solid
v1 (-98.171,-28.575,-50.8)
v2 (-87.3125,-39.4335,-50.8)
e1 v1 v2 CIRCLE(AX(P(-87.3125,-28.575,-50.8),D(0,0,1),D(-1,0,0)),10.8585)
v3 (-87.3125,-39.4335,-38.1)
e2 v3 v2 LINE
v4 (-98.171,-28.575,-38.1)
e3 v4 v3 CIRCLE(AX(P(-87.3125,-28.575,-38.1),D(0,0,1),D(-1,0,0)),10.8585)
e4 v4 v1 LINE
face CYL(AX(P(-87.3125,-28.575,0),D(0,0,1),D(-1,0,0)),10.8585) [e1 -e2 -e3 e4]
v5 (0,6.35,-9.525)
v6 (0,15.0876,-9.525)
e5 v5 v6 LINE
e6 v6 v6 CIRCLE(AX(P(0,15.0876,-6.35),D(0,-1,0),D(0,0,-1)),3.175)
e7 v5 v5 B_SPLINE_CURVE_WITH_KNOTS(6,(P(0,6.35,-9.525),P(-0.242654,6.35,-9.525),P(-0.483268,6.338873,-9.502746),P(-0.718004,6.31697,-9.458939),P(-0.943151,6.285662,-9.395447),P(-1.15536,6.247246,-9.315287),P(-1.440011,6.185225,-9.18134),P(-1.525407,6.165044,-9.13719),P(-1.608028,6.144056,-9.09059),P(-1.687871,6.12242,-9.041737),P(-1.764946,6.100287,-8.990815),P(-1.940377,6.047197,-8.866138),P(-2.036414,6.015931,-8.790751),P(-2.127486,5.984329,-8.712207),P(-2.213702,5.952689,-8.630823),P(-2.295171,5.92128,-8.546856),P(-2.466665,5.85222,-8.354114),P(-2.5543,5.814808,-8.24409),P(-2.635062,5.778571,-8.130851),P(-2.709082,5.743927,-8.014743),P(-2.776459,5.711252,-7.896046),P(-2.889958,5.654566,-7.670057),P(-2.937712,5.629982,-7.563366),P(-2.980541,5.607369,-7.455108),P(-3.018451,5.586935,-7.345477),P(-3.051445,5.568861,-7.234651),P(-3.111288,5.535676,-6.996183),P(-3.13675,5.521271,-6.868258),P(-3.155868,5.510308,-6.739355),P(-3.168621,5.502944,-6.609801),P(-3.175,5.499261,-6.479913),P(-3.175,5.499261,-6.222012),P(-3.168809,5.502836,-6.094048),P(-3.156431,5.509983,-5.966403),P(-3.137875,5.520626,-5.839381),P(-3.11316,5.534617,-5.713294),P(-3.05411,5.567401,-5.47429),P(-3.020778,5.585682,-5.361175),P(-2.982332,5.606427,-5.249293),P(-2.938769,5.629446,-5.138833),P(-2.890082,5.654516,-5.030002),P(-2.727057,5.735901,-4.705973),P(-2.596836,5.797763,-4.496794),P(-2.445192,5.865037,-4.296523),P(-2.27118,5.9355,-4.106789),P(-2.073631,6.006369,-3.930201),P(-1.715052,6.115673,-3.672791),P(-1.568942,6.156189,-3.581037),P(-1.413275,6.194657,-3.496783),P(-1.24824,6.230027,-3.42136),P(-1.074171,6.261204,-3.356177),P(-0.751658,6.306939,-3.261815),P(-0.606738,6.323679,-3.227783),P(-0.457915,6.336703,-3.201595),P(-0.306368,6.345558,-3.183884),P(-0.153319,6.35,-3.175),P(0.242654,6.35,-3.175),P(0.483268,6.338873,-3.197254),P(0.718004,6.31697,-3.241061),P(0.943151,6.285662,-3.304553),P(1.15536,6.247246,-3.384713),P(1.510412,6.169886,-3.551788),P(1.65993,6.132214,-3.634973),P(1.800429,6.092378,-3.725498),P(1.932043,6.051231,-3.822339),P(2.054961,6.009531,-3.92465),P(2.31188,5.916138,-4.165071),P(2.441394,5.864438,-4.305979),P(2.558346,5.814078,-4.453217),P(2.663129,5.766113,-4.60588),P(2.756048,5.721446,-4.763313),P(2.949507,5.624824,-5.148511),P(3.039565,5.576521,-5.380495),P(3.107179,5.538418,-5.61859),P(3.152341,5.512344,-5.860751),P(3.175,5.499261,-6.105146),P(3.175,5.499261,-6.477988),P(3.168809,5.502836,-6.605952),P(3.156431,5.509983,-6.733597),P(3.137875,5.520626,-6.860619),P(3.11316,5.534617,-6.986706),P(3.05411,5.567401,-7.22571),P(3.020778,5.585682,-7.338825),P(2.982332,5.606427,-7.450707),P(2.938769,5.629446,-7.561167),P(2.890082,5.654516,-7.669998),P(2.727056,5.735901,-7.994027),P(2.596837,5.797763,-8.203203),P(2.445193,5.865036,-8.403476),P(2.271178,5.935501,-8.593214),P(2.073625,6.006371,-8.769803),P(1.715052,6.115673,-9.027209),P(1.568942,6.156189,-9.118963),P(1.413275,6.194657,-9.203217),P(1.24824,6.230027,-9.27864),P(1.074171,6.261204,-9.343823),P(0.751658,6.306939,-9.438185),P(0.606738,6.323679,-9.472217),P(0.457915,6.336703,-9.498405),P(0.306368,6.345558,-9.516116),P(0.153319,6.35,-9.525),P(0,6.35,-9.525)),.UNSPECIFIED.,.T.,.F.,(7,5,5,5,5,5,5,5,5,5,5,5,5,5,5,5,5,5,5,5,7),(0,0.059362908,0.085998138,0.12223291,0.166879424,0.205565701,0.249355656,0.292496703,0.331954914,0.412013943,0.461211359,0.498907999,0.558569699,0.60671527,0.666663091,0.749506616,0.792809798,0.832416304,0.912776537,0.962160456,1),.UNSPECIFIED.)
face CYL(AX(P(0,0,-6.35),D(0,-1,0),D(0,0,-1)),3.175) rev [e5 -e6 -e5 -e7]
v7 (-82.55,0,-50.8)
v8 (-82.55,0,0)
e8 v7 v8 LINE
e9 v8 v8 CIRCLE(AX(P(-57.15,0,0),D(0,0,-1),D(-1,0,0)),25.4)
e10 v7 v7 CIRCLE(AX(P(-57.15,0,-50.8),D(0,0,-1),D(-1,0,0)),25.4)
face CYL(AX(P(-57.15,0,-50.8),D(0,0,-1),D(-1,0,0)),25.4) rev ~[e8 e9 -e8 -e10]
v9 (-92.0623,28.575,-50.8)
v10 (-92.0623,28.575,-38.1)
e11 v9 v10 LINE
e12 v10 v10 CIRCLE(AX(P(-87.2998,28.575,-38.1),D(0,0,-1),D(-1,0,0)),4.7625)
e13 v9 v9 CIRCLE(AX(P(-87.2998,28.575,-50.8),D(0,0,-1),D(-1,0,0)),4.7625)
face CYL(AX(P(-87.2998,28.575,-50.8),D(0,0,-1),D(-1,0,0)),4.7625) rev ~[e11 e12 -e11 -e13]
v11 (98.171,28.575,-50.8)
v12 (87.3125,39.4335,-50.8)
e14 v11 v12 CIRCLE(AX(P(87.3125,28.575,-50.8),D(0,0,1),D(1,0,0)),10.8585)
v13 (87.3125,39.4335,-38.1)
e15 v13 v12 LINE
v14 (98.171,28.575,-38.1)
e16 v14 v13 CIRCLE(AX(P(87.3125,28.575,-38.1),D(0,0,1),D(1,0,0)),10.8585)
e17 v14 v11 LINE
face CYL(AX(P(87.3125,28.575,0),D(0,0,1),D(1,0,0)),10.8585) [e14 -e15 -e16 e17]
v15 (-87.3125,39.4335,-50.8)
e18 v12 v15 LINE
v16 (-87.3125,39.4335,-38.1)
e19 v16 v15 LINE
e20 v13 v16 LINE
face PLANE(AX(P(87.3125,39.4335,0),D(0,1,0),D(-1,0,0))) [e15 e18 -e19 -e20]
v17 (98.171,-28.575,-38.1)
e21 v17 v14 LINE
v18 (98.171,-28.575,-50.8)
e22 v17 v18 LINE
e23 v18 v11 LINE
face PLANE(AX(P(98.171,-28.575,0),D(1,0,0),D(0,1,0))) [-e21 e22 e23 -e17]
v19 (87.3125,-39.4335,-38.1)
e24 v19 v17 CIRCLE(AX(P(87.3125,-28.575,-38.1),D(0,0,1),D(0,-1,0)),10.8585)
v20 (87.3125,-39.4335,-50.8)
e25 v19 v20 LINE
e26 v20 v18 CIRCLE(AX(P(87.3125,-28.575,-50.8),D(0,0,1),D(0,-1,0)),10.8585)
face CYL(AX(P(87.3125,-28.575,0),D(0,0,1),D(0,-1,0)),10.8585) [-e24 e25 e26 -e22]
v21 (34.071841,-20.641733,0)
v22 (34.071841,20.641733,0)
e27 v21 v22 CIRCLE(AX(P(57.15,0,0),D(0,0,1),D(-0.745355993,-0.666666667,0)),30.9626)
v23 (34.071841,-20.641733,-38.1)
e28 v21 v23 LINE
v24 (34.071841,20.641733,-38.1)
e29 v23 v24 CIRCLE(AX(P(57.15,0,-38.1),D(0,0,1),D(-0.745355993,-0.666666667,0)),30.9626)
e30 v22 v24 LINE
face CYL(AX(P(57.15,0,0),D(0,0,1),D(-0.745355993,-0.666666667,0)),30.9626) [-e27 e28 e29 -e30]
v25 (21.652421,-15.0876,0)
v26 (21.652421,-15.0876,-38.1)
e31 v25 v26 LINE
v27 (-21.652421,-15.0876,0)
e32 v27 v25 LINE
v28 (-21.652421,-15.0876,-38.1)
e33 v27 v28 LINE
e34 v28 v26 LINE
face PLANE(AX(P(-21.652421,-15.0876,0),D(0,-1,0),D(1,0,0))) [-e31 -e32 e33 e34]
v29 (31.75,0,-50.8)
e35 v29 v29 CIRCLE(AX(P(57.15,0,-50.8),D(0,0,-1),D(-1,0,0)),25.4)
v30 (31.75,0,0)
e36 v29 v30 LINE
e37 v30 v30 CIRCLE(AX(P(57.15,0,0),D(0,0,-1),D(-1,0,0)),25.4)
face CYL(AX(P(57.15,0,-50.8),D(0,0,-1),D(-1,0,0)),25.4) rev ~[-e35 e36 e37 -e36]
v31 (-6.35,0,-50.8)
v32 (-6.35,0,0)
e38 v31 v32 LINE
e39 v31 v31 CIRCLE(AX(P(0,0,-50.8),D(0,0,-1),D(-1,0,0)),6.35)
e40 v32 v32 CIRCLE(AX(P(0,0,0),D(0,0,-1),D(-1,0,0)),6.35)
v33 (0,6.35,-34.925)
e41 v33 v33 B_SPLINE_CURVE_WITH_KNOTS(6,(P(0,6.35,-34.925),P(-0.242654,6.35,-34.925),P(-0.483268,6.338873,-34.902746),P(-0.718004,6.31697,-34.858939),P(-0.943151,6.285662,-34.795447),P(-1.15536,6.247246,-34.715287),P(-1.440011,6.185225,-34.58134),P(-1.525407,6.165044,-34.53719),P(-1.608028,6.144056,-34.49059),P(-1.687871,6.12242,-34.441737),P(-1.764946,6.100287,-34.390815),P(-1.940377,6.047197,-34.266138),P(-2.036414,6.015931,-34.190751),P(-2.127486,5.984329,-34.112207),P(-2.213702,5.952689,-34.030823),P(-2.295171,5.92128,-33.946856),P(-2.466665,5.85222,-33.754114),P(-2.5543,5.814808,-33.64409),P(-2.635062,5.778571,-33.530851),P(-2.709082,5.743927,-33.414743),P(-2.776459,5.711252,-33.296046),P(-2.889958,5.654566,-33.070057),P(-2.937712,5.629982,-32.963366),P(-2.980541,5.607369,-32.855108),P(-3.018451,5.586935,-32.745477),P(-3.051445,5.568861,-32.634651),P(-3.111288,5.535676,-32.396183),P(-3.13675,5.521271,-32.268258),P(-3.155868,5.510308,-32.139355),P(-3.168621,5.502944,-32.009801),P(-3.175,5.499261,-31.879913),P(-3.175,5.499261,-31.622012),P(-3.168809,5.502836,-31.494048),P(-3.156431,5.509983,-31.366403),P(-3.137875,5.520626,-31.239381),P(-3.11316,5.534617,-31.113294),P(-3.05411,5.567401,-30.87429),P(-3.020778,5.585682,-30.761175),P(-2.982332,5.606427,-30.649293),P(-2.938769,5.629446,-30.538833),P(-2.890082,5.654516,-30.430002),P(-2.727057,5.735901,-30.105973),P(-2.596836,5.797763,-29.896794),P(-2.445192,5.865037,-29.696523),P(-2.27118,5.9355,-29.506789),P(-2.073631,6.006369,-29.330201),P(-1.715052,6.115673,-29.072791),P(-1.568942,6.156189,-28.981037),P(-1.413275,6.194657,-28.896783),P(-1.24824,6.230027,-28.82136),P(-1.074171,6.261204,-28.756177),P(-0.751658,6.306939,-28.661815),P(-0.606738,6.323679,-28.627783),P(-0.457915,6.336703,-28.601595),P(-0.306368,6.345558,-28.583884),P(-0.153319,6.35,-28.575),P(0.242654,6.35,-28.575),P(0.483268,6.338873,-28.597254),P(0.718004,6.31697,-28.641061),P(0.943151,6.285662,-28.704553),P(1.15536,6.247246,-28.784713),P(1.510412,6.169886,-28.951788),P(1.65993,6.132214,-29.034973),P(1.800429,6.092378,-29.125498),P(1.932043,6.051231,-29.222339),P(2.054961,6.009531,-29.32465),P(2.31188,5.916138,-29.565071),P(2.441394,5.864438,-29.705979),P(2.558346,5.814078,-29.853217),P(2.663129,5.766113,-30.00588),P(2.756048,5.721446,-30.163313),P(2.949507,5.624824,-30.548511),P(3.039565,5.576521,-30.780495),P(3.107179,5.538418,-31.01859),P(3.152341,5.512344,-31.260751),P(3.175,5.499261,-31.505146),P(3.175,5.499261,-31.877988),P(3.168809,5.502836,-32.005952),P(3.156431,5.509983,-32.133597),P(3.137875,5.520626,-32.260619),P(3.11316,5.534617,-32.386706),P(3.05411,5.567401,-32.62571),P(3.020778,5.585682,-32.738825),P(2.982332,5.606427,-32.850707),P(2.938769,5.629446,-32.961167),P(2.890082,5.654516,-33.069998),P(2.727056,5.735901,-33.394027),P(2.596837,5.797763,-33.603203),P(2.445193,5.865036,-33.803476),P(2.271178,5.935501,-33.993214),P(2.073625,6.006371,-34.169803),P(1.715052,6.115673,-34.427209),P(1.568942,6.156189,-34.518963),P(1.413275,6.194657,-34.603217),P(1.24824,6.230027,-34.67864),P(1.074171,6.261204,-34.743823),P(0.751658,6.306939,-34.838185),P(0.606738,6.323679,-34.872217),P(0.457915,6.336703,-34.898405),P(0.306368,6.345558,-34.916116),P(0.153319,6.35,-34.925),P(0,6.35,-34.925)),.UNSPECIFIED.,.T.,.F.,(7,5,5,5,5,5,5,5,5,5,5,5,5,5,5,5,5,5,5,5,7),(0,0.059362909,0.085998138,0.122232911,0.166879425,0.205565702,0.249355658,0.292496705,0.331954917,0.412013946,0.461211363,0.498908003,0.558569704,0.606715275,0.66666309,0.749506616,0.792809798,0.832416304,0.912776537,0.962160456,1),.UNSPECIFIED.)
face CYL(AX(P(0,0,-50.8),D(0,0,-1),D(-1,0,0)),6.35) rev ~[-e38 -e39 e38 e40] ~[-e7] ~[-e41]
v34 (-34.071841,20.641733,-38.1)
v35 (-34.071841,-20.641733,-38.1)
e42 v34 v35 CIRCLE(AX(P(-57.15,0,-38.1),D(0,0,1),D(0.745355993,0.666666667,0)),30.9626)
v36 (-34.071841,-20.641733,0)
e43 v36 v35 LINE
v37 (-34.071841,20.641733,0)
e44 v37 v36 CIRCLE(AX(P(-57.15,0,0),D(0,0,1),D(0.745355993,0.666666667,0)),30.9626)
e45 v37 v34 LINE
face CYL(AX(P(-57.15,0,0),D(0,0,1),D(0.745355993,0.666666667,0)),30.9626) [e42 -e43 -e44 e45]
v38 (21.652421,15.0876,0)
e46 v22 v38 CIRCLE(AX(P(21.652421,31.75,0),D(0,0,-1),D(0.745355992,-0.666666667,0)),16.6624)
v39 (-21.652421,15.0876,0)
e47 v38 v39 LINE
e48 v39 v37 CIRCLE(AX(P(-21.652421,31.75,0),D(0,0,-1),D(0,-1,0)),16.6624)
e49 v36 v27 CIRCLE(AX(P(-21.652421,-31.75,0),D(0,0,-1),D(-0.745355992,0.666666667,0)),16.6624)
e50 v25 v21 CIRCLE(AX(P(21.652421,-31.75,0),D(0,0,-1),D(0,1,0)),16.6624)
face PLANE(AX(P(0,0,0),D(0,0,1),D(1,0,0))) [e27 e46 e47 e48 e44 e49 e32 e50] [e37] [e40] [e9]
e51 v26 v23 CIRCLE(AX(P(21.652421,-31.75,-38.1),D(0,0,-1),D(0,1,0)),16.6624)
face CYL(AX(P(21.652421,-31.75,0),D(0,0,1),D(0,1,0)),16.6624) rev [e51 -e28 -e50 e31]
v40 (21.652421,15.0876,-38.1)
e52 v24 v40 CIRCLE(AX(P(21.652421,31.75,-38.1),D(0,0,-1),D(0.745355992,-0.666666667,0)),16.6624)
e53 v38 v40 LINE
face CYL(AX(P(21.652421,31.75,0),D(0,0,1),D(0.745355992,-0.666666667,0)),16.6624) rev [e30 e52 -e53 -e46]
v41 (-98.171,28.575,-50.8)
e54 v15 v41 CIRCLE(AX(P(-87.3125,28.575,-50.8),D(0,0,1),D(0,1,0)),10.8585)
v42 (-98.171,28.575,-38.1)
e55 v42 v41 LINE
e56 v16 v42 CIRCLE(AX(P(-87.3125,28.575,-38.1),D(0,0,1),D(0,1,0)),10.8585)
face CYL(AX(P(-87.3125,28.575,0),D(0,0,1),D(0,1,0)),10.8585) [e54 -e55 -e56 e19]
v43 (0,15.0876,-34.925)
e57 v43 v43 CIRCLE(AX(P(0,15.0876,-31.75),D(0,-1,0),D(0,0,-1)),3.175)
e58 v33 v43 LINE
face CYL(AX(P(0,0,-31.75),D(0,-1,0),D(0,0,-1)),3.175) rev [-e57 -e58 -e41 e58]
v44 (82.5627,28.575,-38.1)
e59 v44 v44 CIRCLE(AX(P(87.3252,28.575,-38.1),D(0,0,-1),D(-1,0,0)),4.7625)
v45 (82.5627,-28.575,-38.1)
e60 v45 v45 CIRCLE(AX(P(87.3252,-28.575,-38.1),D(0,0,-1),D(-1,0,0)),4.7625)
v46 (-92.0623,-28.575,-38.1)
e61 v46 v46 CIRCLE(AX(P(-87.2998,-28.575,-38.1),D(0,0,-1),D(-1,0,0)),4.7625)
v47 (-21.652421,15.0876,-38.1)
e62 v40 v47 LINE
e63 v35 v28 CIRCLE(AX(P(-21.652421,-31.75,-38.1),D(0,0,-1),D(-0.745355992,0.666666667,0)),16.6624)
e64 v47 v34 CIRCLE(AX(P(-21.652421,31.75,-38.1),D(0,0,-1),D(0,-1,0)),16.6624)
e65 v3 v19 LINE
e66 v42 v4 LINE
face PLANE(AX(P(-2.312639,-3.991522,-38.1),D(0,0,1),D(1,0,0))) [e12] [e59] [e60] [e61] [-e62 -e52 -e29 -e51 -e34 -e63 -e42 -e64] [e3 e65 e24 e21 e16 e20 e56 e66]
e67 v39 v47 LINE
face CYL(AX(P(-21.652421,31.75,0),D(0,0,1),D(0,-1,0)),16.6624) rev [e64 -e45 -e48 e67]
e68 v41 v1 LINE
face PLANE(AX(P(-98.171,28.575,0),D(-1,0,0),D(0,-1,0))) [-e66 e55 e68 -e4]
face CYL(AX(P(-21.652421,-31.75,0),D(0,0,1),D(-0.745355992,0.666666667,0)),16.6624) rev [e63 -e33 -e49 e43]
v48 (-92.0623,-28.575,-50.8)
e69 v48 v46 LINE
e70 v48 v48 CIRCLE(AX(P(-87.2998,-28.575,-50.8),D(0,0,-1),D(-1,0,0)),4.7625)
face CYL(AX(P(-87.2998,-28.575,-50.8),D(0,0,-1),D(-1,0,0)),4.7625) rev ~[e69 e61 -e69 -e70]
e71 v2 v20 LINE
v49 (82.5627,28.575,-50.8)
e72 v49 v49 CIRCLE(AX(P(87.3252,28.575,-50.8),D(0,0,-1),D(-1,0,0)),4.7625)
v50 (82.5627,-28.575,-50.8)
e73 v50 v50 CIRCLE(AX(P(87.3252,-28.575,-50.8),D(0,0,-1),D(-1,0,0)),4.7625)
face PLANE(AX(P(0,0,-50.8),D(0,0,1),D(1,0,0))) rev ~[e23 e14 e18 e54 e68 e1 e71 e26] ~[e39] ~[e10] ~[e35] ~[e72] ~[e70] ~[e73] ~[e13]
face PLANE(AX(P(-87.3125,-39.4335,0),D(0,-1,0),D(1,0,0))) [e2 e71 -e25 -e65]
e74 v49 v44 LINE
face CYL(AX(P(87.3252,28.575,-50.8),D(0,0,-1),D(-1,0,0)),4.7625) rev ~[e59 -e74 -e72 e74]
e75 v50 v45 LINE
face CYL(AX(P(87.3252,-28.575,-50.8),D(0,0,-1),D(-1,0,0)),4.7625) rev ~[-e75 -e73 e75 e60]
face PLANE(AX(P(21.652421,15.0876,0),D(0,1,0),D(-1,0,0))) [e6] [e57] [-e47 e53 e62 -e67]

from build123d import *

# Parameters (mm, degrees)
BASE_EXTRUDE_DEPTH           = 50.8
BASE_EXTRUDE_DRAFT           = 3
SKETCH2_W                    = 245.218721479
SKETCH2_H                    = 134.011608982
CUT_EXTRUDE5_DEPTH           = 38.1
CUT_EXTRUDE5_DRAFT           = -5
SKETCH3_R                    = 24.60625
CUT_EXTRUDE1_DEPTH           = 123.388297682
CUT_EXTRUDE1_DRAFT           = -5
CUT_EXTRUDE1_PROFILE_2_DEPTH = 123.388297682
CUT_EXTRUDE1_PROFILE_2_DRAFT = -5
SKETCH5_W                    = 217.80183091
SKETCH5_H                    = 114.879329543
MILL_OUTSIDE_DEPTH           = 123.388297682
SKETCH9_W                    = 228.055799475
SKETCH9_H                    = 112.000717684
MILL_BOSS_DEPTH              = 38.1
SKETCH4_R                    = 25.4
SKETCH4_R_2                  = 6.35
SKETCH4_R_3                  = 4.7625
BORES_AND_HOLES_DEPTH        = 118.359218484
SKETCH18_R                   = 3.175
SET_SCREW_HOLES_DEPTH        = 38.1


with BuildPart() as part:
    # Sketch1 → Base-Extrude (with draft: the straight prism first)
    with BuildSketch(Plane.XY):
        with BuildLine():
            Line((99.7585, -28.575), (99.7585, 28.575))
            ThreePointArc((99.7585, 28.575), (96.113150999, 37.375650999), (87.3125, 41.021))
            Line((87.3125, 41.021), (-87.3125, 41.021))
            ThreePointArc((-87.3125, 41.021), (-96.113150999, 37.375650999), (-99.7585, 28.575))
            Line((-99.7585, 28.575), (-99.7585, -28.575))
            ThreePointArc((-99.7585, -28.575), (-96.113150999, -37.375650999), (-87.3125, -41.021))
            Line((-87.3125, -41.021), (87.3125, -41.021))
            ThreePointArc((87.3125, -41.021), (96.113150999, -37.375650999), (99.7585, -28.575))
        make_face()
    extrude(amount=-BASE_EXTRUDE_DEPTH)
    # Base-Extrude: the draft: its side faces are tilted about the plane it starts from
    base_extrude_sides = [part.faces().sort_by_distance(p)[0] for p in [
        (99.7585, 0, -25.4),
        (96.113150999, 37.375650999, -25.4),
        (0, 41.021, -25.4),
        (-96.113150999, 37.375650999, -25.4),
        (-99.7585, 0, -25.4),
        (-96.113150999, -37.375650999, -25.4),
        (0, -41.021, -25.4),
        (96.113150999, -37.375650999, -25.4),
    ]]
    draft(base_extrude_sides, Plane.XY, BASE_EXTRUDE_DRAFT)


with BuildPart() as cut_extrude5_tool:
    # Sketch2 → Cut-Extrude5 (with draft: the straight prism first)
    with BuildSketch(Plane.XY):
        with Locations((-2.312638736, -3.991522499)):
            Rectangle(SKETCH2_W, SKETCH2_H)
        with BuildLine():
            Line((-21.652420857, 19.05), (21.652420857, 19.05))
            ThreePointArc((21.652420857, 19.05), (26.837174146, 20.156539199), (31.118441962, 23.283333333))
            ThreePointArc((31.118441962, 23.283333333), (92.075, 0), (31.118441962, -23.283333333))
            ThreePointArc((31.118441962, -23.283333333), (26.837174146, -20.156539199), (21.652420857, -19.05))
            Line((21.652420857, -19.05), (-21.652420857, -19.05))
            ThreePointArc((-21.652420857, -19.05), (-26.837174146, -20.156539199), (-31.118441962, -23.283333333))
            ThreePointArc((-31.118441962, -23.283333333), (-92.075, 0), (-31.118441962, 23.283333333))
            ThreePointArc((-31.118441962, 23.283333333), (-26.837174146, 20.156539199), (-21.652420857, 19.05))
        make_face(mode=Mode.SUBTRACT)
    extrude(amount=-CUT_EXTRUDE5_DEPTH)
    # Cut-Extrude5: the draft: its side faces are tilted about the plane it starts from
    cut_extrude5_sides = [cut_extrude5_tool.faces().sort_by_distance(p)[0] for p in [
        (-124.921999475, -3.991522499, -19.05),
        (-2.312638735, -70.99732699, -19.05),
        (120.296722004, -3.991522499, -19.05),
        (-2.312638735, 63.014281992, -19.05),
        (-26.837174146, 20.156539199, -19.05),
        (0, 19.05, -19.05),
        (26.837174146, 20.156539199, -19.05),
        (92.075, 0, -19.05),
        (26.837174146, -20.156539199, -19.05),
        (0, -19.05, -19.05),
        (-26.837174146, -20.156539199, -19.05),
        (-92.075, 0, -19.05),
    ]]
    draft(cut_extrude5_sides, Plane.XY, CUT_EXTRUDE5_DRAFT)


with BuildPart() as part_1:
    add(part.part)

    # Cut-Extrude5: cut by cut_extrude5_tool
    add(cut_extrude5_tool.part, mode=Mode.SUBTRACT)


with BuildPart() as cut_extrude1_tool:
    # Sketch3 → Cut-Extrude1 (with draft: the straight prism first)
    with BuildSketch(Plane(origin=(0, 0, -50.8), x_dir=(-1, 0, 0), z_dir=(0, 0, -1))):
        with Locations((57.15, 0)):
            Circle(SKETCH3_R)
    extrude(amount=-CUT_EXTRUDE1_DEPTH)
    # Cut-Extrude1: the draft: its side faces are tilted about the plane it starts from
    cut_extrude1_sides = [cut_extrude1_tool.faces().sort_by_distance(p)[0] for p in [
        (-32.54375, 0, 10.894148841),
    ]]
    draft(cut_extrude1_sides, Plane(origin=(0, 0, -50.8), x_dir=(-1, 0, 0), z_dir=(0, 0, -1)), CUT_EXTRUDE1_DRAFT)


with BuildPart() as part_2:
    add(part_1.part)

    # Cut-Extrude1: cut by cut_extrude1_tool
    add(cut_extrude1_tool.part, mode=Mode.SUBTRACT)


with BuildPart() as cut_extrude1_profile_2_tool:
    # Sketch3 → Cut-Extrude1 profile 2 (with draft: the straight prism first)
    with BuildSketch(Plane(origin=(0, 0, -50.8), x_dir=(-1, 0, 0), z_dir=(0, 0, -1))):
        with Locations((-57.15, 0)):
            Circle(SKETCH3_R)
    extrude(amount=-CUT_EXTRUDE1_PROFILE_2_DEPTH)
    # Cut-Extrude1 profile 2: the draft: its side faces are tilted about the plane it starts from
    cut_extrude1_profile_2_sides = [cut_extrude1_profile_2_tool.faces().sort_by_distance(p)[0] for p in [
        (81.75625, 0, 10.894148841),
    ]]
    draft(cut_extrude1_profile_2_sides, Plane(origin=(0, 0, -50.8), x_dir=(-1, 0, 0), z_dir=(0, 0, -1)), CUT_EXTRUDE1_PROFILE_2_DRAFT)


with BuildPart() as part_3:
    add(part_2.part)

    # Cut-Extrude1 profile 2: cut by cut_extrude1_profile_2_tool
    add(cut_extrude1_profile_2_tool.part, mode=Mode.SUBTRACT)

    # Sketch5 → Mill outside (cut, through all)
    with BuildSketch(Plane.XY):
        with Locations((-0.351671417, -5.861190283)):
            Rectangle(SKETCH5_W, SKETCH5_H)
        with BuildLine():
            Line((98.171, -28.575), (98.171, 28.575))
            ThreePointArc((98.171, 28.575), (94.990618984, 36.253118984), (87.3125, 39.4335))
            Line((87.3125, 39.4335), (-87.3125, 39.4335))
            ThreePointArc((-87.3125, 39.4335), (-94.990618984, 36.253118984), (-98.171, 28.575))
            Line((-98.171, 28.575), (-98.171, -28.575))
            ThreePointArc((-98.171, -28.575), (-94.990618984, -36.253118984), (-87.3125, -39.4335))
            Line((-87.3125, -39.4335), (87.3125, -39.4335))
            ThreePointArc((87.3125, -39.4335), (94.990618984, -36.253118984), (98.171, -28.575))
        make_face(mode=Mode.SUBTRACT)
    extrude(amount=-MILL_OUTSIDE_DEPTH, mode=Mode.SUBTRACT)

    # Sketch9 → Mill boss (cut)
    with BuildSketch(Plane.XY):
        with Locations((8.711546203, 4.265795104)):
            Rectangle(SKETCH9_W, SKETCH9_H)
        with BuildLine():
            Line((-21.652420857, -15.0876), (21.652420857, -15.0876))
            ThreePointArc((21.652420857, -15.0876), (28.454817172, -16.53937943), (34.071840547, -20.641733333))
            ThreePointArc((34.071840547, -20.641733333), (88.1126, 0), (34.071840547, 20.641733333))
            ThreePointArc((34.071840547, 20.641733333), (28.454817172, 16.53937943), (21.652420857, 15.0876))
            Line((21.652420857, 15.0876), (-21.652420857, 15.0876))
            ThreePointArc((-21.652420857, 15.0876), (-28.454817172, 16.53937943), (-34.071840547, 20.641733333))
            ThreePointArc((-34.071840547, 20.641733333), (-88.1126, 0), (-34.071840547, -20.641733333))
            ThreePointArc((-34.071840547, -20.641733333), (-28.454817172, -16.53937943), (-21.652420857, -15.0876))
        make_face(mode=Mode.SUBTRACT)
    extrude(amount=-MILL_BOSS_DEPTH, mode=Mode.SUBTRACT)

    # Sketch4 → Bores and holes (cut, through all)
    with BuildSketch(Plane(origin=(0, 0, -50.8), x_dir=(-1, 0, 0), z_dir=(0, 0, -1))):
        with Locations((-57.15, 0)):
            Circle(SKETCH4_R)
        with Locations((57.15, 0)):
            Circle(SKETCH4_R)
        Circle(SKETCH4_R_2)
        with Locations((-87.3252, 28.575)):
            Circle(SKETCH4_R_3)
        with Locations((-87.3252, -28.575)):
            Circle(SKETCH4_R_3)
        with Locations((87.2998, -28.575)):
            Circle(SKETCH4_R_3)
        with Locations((87.2998, 28.575)):
            Circle(SKETCH4_R_3)
    extrude(amount=-BORES_AND_HOLES_DEPTH, mode=Mode.SUBTRACT)

    # Sketch18 → Set screw holes (cut)
    with BuildSketch(Plane(origin=(0, 0, 0), x_dir=(1, 0, 0), z_dir=(0, 1, 0))):
        with Locations(Location((0, 6.35, 0), (0, 0, 90))):
            Circle(SKETCH18_R)
        with Locations(Location((0, 31.75, 0), (0, 0, 90))):
            Circle(SKETCH18_R)
    extrude(amount=SET_SCREW_HOLES_DEPTH, mode=Mode.SUBTRACT)


solid = part_3.part
